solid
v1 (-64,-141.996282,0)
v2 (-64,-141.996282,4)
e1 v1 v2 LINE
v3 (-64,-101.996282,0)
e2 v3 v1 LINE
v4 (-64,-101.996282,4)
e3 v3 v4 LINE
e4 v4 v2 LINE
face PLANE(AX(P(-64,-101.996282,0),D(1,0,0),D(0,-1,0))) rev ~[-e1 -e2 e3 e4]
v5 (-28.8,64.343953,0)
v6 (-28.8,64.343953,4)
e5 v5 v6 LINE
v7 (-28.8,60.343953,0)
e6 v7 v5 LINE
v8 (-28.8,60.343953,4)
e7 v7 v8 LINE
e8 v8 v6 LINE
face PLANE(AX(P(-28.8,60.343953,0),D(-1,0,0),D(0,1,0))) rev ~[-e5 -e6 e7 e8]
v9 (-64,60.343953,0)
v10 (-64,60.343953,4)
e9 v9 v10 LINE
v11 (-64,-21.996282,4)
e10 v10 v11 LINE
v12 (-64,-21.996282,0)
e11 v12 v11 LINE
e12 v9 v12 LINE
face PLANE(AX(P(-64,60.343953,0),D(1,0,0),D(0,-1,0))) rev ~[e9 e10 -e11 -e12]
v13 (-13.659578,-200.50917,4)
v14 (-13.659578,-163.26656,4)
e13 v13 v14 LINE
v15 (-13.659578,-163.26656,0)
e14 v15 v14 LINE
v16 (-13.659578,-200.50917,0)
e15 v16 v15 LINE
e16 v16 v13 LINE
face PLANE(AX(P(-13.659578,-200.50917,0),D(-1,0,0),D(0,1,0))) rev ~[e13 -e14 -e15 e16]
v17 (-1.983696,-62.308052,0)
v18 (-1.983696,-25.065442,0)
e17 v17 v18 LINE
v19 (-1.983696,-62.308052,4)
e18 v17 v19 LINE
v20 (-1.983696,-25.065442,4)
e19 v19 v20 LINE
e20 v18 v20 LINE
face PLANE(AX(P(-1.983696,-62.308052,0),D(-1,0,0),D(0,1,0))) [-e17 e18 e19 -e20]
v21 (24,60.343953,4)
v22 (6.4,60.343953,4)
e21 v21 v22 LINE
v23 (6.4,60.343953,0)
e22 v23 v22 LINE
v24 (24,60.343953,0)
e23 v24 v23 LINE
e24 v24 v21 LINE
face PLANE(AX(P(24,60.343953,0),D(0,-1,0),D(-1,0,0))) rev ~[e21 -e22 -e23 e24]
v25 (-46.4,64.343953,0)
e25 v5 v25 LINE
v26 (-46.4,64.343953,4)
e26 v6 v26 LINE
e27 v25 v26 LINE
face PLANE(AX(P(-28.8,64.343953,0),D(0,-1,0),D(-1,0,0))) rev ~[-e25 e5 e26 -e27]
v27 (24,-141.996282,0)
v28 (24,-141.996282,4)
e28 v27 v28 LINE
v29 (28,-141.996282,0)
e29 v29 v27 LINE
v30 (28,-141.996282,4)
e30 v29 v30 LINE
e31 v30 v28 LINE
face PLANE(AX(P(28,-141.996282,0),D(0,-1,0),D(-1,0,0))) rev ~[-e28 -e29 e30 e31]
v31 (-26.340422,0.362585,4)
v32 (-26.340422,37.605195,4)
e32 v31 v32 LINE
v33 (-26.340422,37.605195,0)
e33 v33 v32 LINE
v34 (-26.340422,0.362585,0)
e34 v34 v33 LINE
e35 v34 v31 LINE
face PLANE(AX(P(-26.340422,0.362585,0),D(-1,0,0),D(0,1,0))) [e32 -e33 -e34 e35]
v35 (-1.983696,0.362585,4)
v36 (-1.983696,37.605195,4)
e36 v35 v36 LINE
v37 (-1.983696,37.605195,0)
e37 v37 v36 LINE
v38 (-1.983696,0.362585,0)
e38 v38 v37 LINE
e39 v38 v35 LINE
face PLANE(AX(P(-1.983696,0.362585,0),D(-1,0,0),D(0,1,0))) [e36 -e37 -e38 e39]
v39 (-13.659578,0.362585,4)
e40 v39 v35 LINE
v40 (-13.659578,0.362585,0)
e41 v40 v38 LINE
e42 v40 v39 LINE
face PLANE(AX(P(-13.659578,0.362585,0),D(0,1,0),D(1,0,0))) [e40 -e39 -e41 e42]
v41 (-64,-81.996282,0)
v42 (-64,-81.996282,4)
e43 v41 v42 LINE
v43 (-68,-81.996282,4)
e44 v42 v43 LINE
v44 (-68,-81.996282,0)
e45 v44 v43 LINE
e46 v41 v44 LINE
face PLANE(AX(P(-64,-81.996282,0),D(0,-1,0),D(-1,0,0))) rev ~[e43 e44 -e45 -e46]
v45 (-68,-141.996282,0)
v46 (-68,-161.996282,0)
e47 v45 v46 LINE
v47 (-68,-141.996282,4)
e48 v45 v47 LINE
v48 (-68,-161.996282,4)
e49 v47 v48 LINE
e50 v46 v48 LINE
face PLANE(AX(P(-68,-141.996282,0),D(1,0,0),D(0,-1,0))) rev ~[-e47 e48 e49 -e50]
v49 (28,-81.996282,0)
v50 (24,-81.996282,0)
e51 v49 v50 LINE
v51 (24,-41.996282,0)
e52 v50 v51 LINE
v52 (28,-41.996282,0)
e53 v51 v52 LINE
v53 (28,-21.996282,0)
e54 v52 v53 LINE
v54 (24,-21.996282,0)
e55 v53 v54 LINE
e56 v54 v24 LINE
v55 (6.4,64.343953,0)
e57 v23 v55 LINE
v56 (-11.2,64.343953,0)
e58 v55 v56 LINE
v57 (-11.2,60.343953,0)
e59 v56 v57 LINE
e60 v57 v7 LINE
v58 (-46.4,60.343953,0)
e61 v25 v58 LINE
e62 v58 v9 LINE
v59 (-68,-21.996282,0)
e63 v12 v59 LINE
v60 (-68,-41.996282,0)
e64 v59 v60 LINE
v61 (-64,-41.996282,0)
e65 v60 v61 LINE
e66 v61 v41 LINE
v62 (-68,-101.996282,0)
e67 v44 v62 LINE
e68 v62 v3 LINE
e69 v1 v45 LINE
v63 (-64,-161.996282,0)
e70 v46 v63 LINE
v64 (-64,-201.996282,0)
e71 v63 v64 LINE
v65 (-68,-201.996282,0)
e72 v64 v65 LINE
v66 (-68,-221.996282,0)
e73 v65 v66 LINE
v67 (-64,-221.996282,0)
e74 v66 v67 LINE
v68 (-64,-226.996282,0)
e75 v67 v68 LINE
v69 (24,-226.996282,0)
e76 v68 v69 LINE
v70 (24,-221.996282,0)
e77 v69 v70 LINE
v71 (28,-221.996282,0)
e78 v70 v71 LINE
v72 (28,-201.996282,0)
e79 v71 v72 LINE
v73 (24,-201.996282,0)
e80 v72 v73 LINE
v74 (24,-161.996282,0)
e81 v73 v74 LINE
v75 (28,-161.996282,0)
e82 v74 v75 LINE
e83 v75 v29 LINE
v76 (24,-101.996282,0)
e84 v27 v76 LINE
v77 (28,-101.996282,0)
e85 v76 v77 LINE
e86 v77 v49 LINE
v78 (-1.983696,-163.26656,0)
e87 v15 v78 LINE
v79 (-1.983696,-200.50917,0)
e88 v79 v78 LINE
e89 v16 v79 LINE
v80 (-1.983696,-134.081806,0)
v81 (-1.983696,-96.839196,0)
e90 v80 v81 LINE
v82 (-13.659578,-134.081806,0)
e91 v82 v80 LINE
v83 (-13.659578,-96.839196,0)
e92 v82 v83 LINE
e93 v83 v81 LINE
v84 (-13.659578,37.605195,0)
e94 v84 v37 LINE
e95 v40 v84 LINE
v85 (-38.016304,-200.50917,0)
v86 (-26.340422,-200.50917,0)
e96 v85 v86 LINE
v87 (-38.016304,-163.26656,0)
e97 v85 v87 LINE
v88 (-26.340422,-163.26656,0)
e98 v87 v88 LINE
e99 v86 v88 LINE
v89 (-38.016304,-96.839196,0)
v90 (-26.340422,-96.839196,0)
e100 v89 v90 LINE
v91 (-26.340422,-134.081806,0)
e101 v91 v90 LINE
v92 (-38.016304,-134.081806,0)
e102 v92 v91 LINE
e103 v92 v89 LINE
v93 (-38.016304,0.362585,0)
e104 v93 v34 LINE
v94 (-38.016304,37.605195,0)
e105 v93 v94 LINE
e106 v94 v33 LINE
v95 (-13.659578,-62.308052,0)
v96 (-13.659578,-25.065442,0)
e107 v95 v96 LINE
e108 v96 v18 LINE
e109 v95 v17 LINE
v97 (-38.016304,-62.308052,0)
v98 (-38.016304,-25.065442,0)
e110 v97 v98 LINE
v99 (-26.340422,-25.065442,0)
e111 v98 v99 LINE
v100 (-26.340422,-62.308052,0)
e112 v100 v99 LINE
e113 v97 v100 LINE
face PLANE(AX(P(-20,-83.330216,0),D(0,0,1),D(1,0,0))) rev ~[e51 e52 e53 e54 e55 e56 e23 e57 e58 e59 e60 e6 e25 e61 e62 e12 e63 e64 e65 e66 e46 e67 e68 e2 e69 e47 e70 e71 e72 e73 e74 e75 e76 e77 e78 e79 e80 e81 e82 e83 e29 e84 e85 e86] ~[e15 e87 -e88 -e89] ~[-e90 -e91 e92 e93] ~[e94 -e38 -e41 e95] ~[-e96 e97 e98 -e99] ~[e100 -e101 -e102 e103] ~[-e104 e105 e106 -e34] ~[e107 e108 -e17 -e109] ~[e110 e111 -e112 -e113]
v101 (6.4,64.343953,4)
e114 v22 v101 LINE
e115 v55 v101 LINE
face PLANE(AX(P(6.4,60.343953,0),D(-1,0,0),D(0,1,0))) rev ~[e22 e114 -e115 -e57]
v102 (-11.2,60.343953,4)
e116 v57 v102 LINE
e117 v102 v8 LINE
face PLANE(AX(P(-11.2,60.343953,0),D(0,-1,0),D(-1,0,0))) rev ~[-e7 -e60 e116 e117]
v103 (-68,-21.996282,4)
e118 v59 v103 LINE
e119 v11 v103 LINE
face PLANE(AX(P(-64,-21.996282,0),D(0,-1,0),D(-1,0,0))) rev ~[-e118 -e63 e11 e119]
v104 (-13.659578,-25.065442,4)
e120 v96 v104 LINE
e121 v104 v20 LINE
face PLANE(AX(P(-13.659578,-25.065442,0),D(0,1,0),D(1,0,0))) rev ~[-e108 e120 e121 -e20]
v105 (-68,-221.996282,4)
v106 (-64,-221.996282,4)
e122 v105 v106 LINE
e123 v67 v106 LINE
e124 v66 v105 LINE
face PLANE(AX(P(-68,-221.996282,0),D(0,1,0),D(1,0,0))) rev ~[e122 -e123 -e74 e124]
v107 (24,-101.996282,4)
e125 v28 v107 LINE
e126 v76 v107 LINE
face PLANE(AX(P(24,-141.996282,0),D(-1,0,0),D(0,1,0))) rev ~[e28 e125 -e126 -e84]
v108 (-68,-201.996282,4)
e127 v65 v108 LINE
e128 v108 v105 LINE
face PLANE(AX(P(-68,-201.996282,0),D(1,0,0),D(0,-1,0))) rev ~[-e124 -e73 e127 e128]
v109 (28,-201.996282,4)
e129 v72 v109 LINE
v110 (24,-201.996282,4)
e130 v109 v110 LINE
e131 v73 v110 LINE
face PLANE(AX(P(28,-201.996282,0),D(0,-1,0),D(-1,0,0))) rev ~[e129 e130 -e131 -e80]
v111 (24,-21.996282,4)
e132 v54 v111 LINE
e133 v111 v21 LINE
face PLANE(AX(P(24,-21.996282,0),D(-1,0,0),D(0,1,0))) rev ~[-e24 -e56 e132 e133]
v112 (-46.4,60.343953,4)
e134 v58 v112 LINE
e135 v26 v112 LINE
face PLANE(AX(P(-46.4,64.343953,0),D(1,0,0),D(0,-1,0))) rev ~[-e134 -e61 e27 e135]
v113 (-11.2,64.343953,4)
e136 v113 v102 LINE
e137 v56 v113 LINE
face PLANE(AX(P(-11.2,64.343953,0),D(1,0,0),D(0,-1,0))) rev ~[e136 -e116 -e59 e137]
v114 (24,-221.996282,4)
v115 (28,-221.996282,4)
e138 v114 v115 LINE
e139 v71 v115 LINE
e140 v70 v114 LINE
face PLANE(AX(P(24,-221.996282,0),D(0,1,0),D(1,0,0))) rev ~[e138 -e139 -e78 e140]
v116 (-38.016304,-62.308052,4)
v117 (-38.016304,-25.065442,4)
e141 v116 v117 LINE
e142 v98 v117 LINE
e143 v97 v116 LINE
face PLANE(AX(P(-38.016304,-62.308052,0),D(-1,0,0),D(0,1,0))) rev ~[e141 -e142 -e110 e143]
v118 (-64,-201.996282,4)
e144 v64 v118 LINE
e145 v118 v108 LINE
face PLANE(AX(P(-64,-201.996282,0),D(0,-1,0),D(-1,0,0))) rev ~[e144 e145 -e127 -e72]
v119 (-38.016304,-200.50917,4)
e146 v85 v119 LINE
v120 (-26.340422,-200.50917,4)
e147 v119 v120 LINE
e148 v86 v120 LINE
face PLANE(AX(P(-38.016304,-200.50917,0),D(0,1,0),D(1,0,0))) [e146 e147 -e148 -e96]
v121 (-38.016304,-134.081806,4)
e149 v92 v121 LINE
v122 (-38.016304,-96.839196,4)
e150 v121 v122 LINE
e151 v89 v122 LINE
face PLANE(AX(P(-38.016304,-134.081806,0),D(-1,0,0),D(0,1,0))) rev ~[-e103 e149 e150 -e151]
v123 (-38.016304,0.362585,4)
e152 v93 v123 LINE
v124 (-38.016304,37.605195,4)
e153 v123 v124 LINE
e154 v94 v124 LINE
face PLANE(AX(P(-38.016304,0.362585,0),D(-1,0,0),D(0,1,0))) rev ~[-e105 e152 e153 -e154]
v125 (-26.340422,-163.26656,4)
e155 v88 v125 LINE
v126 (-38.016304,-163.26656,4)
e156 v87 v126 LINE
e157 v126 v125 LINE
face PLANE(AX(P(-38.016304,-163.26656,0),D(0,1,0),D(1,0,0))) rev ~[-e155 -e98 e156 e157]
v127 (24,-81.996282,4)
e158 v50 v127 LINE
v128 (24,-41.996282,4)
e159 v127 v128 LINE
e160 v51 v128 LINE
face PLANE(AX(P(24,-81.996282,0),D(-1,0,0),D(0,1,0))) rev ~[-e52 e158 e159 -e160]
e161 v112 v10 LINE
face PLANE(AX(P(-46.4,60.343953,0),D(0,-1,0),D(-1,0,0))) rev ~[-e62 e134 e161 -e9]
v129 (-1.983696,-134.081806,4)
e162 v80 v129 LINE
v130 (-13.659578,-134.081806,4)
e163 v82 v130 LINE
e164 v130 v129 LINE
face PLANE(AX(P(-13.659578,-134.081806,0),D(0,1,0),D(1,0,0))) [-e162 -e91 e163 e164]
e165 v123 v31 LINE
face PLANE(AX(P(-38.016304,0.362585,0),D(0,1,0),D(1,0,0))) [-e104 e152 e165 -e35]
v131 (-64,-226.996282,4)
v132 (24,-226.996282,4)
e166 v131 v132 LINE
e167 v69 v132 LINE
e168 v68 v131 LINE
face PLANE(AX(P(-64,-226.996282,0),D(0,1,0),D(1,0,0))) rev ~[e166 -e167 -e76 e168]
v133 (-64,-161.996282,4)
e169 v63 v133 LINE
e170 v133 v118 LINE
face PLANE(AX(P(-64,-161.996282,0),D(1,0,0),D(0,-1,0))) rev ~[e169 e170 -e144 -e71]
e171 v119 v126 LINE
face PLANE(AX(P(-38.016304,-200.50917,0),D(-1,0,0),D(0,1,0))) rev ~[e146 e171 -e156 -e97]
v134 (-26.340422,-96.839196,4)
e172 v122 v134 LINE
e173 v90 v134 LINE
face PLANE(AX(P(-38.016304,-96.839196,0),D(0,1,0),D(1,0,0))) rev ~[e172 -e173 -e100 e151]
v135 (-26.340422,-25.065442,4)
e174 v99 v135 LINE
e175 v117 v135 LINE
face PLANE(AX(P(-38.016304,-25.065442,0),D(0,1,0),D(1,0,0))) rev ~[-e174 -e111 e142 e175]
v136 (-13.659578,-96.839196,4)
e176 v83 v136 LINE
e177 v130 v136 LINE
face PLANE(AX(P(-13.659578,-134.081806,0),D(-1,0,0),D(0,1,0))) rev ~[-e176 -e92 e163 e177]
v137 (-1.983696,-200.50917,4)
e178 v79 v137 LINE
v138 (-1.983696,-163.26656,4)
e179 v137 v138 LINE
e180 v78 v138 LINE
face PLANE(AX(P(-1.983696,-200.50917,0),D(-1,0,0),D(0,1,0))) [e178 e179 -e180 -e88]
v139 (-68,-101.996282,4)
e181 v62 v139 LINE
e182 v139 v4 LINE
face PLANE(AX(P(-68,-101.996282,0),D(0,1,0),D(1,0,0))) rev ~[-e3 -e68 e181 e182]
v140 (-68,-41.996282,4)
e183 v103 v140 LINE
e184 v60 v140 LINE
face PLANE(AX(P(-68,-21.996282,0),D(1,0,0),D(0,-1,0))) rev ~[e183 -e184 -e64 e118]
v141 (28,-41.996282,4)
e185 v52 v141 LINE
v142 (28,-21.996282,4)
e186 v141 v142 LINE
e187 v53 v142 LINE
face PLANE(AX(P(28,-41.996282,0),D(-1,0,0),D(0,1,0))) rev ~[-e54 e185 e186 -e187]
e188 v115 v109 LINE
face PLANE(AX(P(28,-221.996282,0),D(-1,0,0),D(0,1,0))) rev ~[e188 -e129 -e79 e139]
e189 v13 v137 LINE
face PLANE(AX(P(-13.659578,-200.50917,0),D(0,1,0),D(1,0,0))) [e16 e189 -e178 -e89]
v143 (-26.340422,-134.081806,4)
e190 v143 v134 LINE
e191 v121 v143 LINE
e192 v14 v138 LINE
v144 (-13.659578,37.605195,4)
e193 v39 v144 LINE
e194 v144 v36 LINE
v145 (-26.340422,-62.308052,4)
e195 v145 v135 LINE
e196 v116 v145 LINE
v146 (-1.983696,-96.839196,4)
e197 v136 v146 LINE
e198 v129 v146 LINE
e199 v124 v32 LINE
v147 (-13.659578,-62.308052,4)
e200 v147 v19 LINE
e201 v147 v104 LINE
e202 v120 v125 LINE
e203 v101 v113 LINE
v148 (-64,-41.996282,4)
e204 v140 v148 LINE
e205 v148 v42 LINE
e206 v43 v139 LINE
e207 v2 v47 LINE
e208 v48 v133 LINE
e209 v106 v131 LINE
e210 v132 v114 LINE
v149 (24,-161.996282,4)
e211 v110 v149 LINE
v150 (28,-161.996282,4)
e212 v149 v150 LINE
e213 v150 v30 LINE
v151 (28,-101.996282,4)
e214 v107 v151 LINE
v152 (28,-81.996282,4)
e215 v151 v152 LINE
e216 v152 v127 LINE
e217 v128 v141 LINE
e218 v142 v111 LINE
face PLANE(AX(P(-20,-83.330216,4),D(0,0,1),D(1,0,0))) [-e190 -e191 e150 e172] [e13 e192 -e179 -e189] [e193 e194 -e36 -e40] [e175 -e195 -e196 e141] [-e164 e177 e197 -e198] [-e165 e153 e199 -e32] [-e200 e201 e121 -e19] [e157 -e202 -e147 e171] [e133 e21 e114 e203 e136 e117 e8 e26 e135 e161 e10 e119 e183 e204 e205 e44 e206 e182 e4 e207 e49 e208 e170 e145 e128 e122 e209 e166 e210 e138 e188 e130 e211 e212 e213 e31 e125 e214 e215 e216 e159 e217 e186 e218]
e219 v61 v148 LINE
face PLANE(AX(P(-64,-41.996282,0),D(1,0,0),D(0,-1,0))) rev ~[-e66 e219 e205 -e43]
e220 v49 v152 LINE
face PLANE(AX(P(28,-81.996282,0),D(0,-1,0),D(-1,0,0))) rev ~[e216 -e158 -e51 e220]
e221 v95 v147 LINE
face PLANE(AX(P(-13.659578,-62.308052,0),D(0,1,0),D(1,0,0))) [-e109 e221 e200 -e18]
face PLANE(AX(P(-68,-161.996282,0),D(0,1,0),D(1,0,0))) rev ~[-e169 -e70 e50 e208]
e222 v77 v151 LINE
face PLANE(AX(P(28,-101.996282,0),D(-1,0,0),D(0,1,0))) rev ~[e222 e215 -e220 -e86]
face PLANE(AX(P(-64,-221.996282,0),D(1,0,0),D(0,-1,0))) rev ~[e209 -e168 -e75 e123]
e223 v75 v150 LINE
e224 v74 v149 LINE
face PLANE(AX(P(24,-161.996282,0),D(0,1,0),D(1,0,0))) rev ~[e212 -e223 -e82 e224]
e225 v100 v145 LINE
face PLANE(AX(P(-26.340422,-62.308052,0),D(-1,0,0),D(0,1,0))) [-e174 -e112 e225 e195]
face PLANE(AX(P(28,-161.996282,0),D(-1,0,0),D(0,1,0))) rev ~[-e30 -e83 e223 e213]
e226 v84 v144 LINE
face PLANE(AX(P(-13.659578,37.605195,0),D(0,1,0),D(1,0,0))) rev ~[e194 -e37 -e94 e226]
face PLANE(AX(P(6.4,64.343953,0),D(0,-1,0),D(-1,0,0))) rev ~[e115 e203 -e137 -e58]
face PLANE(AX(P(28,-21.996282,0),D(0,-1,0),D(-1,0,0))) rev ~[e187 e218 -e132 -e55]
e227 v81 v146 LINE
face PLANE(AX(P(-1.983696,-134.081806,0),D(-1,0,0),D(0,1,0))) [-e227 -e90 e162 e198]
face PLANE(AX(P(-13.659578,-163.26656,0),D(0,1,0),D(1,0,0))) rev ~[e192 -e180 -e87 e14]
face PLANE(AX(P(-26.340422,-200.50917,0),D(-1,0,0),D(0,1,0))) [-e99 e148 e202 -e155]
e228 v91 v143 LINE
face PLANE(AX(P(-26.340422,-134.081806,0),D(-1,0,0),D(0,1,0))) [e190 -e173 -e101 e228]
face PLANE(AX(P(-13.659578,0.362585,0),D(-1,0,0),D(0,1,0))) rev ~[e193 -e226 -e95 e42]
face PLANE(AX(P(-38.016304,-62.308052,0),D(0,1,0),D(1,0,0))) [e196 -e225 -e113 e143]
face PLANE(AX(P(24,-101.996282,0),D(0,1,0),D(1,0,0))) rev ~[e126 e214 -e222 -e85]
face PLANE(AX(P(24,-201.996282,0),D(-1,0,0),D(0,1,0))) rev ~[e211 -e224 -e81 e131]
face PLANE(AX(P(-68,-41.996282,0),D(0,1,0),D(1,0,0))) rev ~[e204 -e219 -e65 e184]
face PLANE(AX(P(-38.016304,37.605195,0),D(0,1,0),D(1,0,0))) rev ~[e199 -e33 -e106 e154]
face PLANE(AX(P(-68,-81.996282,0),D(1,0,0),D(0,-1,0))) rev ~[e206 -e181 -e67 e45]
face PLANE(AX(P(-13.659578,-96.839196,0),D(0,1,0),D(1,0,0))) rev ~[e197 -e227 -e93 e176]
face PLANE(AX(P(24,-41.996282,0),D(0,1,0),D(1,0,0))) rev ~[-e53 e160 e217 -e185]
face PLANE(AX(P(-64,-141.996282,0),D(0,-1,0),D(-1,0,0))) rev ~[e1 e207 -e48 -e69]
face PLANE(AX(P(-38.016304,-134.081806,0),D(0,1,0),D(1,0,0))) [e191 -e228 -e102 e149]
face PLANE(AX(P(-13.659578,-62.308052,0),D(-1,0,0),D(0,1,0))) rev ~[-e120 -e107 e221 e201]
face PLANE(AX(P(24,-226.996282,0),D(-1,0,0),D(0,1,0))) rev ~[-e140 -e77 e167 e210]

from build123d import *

# Parameters (mm, degrees)
SKETCH1_W           = 11.675882566
SKETCH1_H           = 37.242609939
SKETCH1_H_2         = 37.242609938
BOSS_EXTRUDE1_DEPTH = 4


with BuildPart() as part:
    # Sketch1 → Boss-Extrude1 (new body)
    with BuildSketch(Plane.XY):
        Polygon((6.4, 64.343953413), (-11.2, 64.343953413), (-11.2, 60.343953413), (-28.8, 60.343953413), (-28.8, 64.343953413), (-46.4, 64.343953413), (-46.4, 60.343953413), (-64, 60.343953413), (-64, -21.996281697), (-68, -21.996281697), (-68, -41.996281697), (-64, -41.996281697), (-64, -81.996281697), (-68, -81.996281697), (-68, -101.996281697), (-64, -101.996281697), (-64, -141.996281697), (-68, -141.996281697), (-68, -161.996281697), (-64, -161.996281697), (-64, -201.996281697), (-68, -201.996281697), (-68, -221.996281697), (-64, -221.996281697), (-64, -226.996281697), (24, -226.996281697), (24, -221.996281697), (28, -221.996281697), (28, -201.996281697), (24, -201.996281697), (24, -161.996281697), (28, -161.996281697), (28, -141.996281697), (24, -141.996281697), (24, -101.996281697), (28, -101.996281697), (28, -81.996281697), (24, -81.996281697), (24, -41.996281697), (28, -41.996281697), (28, -21.996281697), (24, -21.996281697), (24, 60.343953413), (6.4, 60.343953413), align=None)
        with Locations((-32.17836291, -181.887864713)):
            Rectangle(SKETCH1_W, SKETCH1_H, mode=Mode.SUBTRACT)
        with Locations((-7.82163709, 18.983890438)):
            Rectangle(SKETCH1_W, SKETCH1_H, mode=Mode.SUBTRACT)
        with Locations((-7.82163709, -43.686747162)):
            Rectangle(SKETCH1_W, SKETCH1_H, mode=Mode.SUBTRACT)
        with Locations((-7.82163709, -115.460501141)):
            Rectangle(SKETCH1_W, SKETCH1_H_2, mode=Mode.SUBTRACT)
        with Locations((-7.82163709, -181.887864713)):
            Rectangle(SKETCH1_W, SKETCH1_H, mode=Mode.SUBTRACT)
        with Locations((-32.17836291, -115.460501141)):
            Rectangle(SKETCH1_W, SKETCH1_H_2, mode=Mode.SUBTRACT)
        with Locations((-32.17836291, -43.686747162)):
            Rectangle(SKETCH1_W, SKETCH1_H, mode=Mode.SUBTRACT)
        with Locations((-32.17836291, 18.983890438)):
            Rectangle(SKETCH1_W, SKETCH1_H, mode=Mode.SUBTRACT)
    extrude(amount=BOSS_EXTRUDE1_DEPTH)


solid = part.part
